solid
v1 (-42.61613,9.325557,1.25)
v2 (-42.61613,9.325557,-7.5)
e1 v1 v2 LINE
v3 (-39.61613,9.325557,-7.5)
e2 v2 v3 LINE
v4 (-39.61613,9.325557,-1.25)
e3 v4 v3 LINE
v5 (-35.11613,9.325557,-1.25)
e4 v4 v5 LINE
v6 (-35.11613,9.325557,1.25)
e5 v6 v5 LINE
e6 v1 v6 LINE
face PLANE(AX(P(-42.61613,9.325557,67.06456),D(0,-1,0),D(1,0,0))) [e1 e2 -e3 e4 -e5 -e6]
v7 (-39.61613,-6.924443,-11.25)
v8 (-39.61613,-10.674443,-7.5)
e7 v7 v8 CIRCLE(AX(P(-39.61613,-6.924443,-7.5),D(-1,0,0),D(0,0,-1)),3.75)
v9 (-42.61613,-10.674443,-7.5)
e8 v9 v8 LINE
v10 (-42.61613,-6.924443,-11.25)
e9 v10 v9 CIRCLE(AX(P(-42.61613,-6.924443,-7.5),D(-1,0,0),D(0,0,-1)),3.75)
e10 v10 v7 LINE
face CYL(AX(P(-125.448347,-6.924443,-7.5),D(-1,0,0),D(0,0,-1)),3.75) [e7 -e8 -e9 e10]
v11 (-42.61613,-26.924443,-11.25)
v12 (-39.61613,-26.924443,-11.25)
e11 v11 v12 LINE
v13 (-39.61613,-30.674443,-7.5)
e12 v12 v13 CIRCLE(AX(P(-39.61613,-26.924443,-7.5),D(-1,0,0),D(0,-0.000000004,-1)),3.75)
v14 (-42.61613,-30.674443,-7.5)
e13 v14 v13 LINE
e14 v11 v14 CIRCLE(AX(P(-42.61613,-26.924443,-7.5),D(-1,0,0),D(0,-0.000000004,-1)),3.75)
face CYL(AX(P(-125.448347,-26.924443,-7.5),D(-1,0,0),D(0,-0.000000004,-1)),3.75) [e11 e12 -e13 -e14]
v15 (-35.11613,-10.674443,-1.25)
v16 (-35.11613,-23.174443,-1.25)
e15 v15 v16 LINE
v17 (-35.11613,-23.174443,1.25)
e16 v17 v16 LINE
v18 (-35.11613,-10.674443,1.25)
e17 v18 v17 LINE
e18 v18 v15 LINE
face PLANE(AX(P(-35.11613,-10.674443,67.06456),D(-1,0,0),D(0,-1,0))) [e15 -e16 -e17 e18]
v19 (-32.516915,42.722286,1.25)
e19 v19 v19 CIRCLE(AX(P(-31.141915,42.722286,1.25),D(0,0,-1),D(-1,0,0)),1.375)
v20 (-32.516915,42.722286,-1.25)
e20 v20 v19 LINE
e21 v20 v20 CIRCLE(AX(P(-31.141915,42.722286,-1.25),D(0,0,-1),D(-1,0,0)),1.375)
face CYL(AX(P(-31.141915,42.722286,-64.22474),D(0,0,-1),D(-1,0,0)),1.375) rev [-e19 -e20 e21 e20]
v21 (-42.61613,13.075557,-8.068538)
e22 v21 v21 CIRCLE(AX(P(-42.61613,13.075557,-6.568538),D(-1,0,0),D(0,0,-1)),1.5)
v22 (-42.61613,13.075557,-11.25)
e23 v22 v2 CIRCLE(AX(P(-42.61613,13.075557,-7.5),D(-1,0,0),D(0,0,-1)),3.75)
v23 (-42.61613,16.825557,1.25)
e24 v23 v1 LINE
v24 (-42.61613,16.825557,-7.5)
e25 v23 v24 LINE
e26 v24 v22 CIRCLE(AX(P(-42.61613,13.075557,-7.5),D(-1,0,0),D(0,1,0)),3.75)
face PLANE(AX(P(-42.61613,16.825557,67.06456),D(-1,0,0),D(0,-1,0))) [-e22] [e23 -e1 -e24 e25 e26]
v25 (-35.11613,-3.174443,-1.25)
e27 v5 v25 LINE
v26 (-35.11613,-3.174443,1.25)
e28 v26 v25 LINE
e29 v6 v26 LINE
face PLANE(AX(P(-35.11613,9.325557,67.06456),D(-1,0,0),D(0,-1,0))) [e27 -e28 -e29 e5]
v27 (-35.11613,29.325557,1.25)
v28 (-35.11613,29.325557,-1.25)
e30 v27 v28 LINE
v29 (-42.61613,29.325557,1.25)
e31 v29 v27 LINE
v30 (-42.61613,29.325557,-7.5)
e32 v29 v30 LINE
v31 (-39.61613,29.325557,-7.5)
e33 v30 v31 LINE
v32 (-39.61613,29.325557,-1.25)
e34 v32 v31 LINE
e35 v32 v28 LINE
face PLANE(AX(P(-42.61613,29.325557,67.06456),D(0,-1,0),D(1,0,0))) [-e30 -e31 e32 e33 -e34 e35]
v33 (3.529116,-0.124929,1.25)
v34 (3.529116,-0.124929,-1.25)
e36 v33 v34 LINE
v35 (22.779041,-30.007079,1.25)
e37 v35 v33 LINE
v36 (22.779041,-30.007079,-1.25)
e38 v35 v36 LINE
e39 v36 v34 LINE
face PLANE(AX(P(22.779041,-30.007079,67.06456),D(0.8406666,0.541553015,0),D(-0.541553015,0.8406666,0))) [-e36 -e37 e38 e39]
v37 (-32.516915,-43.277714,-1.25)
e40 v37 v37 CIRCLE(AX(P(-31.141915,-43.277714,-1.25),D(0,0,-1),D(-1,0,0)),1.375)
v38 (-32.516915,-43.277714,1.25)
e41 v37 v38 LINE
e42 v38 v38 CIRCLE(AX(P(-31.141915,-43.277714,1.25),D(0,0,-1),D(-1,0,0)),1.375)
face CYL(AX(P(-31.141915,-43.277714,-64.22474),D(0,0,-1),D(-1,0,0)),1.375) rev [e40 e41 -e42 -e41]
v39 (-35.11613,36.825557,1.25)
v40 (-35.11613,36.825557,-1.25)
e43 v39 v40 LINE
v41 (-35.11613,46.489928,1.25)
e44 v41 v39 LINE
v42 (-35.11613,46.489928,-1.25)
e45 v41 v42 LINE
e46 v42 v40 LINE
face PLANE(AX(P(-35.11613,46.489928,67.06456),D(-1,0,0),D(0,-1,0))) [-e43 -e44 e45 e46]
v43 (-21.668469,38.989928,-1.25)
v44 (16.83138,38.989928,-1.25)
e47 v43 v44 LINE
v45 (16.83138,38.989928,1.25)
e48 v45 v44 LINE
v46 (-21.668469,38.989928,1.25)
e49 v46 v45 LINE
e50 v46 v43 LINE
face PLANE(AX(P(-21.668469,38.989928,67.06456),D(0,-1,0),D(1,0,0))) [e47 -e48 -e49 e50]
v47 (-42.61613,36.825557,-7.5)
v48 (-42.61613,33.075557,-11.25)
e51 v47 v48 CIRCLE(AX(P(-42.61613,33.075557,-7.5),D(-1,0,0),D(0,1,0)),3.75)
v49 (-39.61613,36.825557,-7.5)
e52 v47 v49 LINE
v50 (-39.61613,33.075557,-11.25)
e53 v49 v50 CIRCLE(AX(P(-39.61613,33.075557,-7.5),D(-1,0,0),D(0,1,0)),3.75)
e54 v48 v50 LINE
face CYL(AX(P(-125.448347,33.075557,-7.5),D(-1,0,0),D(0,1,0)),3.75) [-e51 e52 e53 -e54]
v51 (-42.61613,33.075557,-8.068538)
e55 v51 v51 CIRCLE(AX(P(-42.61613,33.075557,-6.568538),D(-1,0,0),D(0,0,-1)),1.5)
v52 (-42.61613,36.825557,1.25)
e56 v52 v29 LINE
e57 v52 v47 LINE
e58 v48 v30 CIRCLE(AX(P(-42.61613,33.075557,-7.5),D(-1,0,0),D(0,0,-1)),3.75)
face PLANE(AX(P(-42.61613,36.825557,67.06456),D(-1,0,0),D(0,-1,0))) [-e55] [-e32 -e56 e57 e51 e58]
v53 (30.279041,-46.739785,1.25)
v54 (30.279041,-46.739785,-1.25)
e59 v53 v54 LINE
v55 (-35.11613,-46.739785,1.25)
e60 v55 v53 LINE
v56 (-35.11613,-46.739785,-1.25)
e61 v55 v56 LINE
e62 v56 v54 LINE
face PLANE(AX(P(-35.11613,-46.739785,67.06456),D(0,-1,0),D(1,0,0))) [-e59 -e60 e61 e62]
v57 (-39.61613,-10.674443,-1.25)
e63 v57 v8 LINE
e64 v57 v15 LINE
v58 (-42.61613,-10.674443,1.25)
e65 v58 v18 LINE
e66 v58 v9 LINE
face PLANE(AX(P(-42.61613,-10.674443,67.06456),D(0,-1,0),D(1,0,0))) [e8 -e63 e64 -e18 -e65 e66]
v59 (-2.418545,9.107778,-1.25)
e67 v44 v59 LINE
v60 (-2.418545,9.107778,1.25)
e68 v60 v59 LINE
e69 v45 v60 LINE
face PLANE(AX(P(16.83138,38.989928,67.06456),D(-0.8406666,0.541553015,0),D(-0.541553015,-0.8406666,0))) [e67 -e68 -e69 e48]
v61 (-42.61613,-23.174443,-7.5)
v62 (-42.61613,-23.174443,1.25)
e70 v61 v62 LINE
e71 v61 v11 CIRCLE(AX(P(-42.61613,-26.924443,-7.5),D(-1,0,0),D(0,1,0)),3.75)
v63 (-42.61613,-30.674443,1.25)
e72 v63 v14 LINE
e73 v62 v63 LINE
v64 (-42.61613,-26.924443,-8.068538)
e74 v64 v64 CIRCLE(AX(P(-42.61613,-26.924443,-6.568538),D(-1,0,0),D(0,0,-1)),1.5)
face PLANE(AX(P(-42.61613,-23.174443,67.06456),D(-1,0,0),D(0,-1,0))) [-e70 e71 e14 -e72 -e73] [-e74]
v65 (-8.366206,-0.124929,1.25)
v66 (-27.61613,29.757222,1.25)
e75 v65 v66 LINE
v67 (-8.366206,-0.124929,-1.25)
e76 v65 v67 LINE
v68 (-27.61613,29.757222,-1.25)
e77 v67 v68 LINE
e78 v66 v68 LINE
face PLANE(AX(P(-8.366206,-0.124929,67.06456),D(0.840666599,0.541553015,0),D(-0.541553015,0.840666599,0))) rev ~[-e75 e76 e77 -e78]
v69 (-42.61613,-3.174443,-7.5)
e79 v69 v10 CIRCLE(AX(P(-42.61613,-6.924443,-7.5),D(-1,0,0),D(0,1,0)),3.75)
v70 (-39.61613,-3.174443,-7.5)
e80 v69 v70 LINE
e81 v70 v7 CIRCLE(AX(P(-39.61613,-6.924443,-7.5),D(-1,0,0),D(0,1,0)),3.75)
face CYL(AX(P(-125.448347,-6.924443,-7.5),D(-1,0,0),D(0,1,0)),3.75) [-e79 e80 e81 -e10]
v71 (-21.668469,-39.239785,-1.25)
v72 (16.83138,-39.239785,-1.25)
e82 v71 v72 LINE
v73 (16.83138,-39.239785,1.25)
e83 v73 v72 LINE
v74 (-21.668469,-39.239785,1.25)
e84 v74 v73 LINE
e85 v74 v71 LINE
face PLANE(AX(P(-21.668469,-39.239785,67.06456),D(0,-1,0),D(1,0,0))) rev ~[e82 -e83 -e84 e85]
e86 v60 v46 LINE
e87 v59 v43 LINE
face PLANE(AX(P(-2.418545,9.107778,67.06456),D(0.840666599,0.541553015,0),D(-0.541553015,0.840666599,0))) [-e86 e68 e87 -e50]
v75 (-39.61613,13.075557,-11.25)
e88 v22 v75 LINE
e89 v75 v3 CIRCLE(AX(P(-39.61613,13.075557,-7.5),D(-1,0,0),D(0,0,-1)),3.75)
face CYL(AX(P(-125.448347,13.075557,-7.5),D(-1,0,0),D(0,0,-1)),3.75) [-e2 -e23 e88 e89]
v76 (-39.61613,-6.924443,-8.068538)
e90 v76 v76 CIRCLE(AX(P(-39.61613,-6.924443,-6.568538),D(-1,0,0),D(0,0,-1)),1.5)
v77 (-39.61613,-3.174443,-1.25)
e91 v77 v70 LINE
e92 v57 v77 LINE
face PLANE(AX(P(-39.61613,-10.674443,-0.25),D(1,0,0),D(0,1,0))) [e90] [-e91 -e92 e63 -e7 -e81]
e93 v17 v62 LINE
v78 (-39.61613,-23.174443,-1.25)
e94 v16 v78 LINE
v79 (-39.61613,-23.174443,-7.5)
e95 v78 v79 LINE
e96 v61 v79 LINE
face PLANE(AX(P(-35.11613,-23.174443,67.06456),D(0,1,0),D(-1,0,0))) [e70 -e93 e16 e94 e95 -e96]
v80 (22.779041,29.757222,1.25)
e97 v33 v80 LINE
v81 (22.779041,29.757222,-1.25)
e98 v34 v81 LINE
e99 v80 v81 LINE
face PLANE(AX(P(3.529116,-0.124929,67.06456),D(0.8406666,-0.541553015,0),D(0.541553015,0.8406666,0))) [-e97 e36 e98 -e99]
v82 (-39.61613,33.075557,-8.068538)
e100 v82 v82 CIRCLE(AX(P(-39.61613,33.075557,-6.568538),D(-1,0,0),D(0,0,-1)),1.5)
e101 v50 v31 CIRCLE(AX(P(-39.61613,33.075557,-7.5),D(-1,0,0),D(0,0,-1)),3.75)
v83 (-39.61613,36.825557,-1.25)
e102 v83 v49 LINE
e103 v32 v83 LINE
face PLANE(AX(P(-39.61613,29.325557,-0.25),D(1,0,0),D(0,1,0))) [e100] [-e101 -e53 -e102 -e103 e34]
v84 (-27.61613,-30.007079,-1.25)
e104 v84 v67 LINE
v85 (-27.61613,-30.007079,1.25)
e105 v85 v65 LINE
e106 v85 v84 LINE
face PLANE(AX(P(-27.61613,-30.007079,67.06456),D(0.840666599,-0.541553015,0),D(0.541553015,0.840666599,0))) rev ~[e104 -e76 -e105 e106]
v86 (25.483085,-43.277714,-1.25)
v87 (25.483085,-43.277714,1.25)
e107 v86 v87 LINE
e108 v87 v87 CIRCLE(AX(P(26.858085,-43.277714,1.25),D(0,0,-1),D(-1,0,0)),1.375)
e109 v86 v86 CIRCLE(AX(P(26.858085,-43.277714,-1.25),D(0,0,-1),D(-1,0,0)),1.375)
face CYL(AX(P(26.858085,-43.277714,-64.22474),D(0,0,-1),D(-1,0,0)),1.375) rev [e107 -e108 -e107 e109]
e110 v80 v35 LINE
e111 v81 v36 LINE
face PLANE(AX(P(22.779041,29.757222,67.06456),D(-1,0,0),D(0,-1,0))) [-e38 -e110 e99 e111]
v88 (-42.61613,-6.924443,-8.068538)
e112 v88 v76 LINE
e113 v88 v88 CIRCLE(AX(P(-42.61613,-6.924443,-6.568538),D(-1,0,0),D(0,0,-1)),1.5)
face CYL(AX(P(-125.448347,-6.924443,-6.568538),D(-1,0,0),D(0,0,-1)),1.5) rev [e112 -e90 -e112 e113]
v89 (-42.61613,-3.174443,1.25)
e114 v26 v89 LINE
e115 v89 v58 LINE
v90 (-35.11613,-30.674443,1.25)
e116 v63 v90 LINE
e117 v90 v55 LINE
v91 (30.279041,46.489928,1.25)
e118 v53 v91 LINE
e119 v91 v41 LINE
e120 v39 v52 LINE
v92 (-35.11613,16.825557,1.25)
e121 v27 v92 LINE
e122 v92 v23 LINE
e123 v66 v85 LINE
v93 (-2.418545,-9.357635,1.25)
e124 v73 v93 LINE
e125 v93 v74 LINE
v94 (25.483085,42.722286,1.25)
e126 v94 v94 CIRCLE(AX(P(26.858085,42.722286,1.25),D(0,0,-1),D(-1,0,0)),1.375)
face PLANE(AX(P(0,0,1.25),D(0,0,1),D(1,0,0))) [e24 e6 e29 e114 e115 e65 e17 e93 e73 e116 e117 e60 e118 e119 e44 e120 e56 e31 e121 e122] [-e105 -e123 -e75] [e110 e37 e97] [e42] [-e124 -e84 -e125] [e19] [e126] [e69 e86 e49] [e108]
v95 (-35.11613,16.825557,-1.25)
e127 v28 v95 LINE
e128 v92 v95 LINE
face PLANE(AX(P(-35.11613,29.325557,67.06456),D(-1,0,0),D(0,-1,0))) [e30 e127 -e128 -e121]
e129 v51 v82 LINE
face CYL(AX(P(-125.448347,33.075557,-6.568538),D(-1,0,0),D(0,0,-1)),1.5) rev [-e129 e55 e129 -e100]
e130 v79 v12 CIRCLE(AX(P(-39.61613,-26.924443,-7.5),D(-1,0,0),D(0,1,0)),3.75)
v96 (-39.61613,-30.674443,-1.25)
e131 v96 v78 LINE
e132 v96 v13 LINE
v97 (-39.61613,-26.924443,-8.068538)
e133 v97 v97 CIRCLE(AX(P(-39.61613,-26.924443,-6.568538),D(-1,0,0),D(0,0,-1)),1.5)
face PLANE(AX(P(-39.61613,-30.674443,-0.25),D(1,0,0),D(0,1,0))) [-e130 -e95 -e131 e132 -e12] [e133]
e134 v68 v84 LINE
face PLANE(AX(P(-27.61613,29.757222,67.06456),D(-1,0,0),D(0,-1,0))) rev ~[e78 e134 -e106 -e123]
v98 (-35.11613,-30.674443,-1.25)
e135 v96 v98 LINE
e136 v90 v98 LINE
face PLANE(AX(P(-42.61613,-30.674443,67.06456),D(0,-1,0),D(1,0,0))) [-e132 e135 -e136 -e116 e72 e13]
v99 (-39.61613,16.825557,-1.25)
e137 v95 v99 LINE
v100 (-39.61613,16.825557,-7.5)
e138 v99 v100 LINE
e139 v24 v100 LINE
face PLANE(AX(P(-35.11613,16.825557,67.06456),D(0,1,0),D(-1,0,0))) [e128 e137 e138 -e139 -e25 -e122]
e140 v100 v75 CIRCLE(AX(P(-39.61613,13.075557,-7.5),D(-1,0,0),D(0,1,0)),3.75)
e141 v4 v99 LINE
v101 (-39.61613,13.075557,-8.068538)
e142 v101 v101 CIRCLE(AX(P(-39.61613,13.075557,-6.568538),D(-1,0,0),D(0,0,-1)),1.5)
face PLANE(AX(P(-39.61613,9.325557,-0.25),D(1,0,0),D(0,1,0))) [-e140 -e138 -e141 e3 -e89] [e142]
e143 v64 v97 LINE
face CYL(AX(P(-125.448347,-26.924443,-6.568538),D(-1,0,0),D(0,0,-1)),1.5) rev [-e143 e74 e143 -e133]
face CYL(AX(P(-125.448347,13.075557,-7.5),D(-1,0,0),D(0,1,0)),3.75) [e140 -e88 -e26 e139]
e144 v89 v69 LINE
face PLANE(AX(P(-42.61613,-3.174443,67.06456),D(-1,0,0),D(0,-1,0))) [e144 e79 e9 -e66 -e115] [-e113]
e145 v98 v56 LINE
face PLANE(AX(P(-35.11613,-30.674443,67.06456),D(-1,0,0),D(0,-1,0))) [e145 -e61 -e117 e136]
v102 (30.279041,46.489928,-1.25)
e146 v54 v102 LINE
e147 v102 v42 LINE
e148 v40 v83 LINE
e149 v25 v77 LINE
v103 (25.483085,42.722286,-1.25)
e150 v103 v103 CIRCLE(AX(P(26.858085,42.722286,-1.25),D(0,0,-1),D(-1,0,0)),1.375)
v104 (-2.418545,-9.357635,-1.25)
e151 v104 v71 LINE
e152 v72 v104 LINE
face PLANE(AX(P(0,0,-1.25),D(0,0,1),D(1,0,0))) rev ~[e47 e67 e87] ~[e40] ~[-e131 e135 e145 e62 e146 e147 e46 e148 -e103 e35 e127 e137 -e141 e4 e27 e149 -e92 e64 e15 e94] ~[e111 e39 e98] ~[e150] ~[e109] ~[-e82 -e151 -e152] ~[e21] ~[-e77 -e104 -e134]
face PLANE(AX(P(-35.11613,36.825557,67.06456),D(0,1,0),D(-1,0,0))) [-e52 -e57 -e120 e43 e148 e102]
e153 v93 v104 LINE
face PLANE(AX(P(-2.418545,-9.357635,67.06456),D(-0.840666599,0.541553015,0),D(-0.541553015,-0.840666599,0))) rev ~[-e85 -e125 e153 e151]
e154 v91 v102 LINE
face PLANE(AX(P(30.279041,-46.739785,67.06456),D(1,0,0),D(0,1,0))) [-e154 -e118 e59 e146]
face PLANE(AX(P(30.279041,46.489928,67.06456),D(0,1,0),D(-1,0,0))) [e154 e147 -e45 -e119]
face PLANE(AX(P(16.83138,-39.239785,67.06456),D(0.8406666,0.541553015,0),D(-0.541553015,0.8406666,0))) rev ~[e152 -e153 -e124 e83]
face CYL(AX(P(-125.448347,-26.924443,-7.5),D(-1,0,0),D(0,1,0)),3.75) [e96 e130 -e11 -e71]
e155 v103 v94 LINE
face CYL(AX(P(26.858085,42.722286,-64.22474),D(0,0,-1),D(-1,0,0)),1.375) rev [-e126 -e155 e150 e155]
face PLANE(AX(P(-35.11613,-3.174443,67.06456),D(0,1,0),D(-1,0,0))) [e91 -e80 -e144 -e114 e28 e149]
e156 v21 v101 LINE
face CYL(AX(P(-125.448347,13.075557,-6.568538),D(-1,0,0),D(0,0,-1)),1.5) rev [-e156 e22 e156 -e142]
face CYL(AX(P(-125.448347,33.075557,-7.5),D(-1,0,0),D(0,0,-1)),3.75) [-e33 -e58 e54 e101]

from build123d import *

# Parameters (mm, degrees)
SKETCH1_W                = 90
SKETCH1_H                = 100
BOSS_EXTRUDE1_DEPTH      = 1.25
CUT_EXTRUDE2_DEPTH       = 68.314560089
CUT_EXTRUDE2_DEPTH_BACK  = 68.314560089
SKETCH3_W                = 120.524160128
SKETCH3_H                = 121.100830751
SKETCH3_W_2              = 90
SKETCH3_H_2              = 100
BOSS_EXTRUDE2_DEPTH      = 10
BOSS_EXTRUDE2_DEPTH_BACK = 1
SKETCH4_W                = 3
SKETCH4_H                = 7.5
CUT_EXTRUDE4_DEPTH       = 85.83221669
CUT_EXTRUDE4_DEPTH_BACK  = 85.83221669
SKETCH6_R                = 1.5
HOLDER_SCREW_DEPTH       = 65.47473997
HOLDER_SCREW_DEPTH_BACK  = 65.47473997
SKETCH11_R               = 1.375


with BuildPart() as part:
    # Sketch1 → Boss-Extrude1 (new, symmetric)
    with BuildSketch(Plane.XY):
        Rectangle(SKETCH1_W, SKETCH1_H)
    extrude(amount=BOSS_EXTRUDE1_DEPTH, both=True)

    # Sketch3 → Cut-Extrude2 (cut, two sides: drawn at the far end of the back side and taken through both)
    # profile 1 of 6: a face of its own
    with BuildSketch(Plane(origin=(0, 0, -1.25), x_dir=(-1, 0, 0), z_dir=(0, 0, -1)).offset(-CUT_EXTRUDE2_DEPTH_BACK)):
        with Locations((6.594005418, 0.079563665)):
            Rectangle(SKETCH3_W, SKETCH3_H)
        Rectangle(SKETCH3_W_2, SKETCH3_H_2, mode=Mode.SUBTRACT)
    # profile 2 of 6: a face of its own
    with BuildSketch(Plane(origin=(0, 0, -1.25), x_dir=(-1, 0, 0), z_dir=(0, 0, -1)).offset(-CUT_EXTRUDE2_DEPTH_BACK)):
        Rectangle(SKETCH3_W_2, SKETCH3_H_2)
        Polygon((42.616130373, -30.674442955), (35.116130373, -30.674442955), (35.116130373, -33.902086325), (35.116130373, -46.739785261), (-30.279040864, -46.739785261), (-30.279040864, 46.489928229), (35.116130373, 46.489928229), (35.116130373, 36.825557045), (42.616130373, 36.825557045), (42.616130373, 29.325557045), (35.116130373, 29.325557045), (35.116130373, 16.825557045), (42.616130373, 16.825557045), (42.616130373, 9.325557045), (35.116130373, 9.325557045), (35.116130373, -3.174442955), (42.616130373, -3.174442955), (42.616130373, -10.674442955), (35.116130373, -10.674442955), (35.116130373, -23.174442955), (42.616130373, -23.174442955), align=None, mode=Mode.SUBTRACT)
    # profile 3 of 6: a face of its own
    with BuildSketch(Plane(origin=(0, 0, -1.25), x_dir=(-1, 0, 0), z_dir=(0, 0, -1)).offset(-CUT_EXTRUDE2_DEPTH_BACK)):
        Polygon((-16.831379802, 38.989928229), (2.418544754, 9.1077779), (21.668469311, 38.989928229), align=None)
    # profile 4 of 6: a face of its own
    with BuildSketch(Plane(origin=(0, 0, -1.25), x_dir=(-1, 0, 0), z_dir=(0, 0, -1)).offset(-CUT_EXTRUDE2_DEPTH_BACK)):
        Polygon((-22.779040864, 29.757221813), (-22.779040864, -30.007078845), (-3.529116308, -0.124928516), align=None)
    # profile 5 of 6: a face of its own
    with BuildSketch(Plane(origin=(0, 0, -1.25), x_dir=(-1, 0, 0), z_dir=(0, 0, -1)).offset(-CUT_EXTRUDE2_DEPTH_BACK)):
        Polygon((2.418544754, -9.357634932), (21.668469311, -39.239785261), (-16.831379802, -39.239785261), align=None)
    # profile 6 of 6: a face of its own
    with BuildSketch(Plane(origin=(0, 0, -1.25), x_dir=(-1, 0, 0), z_dir=(0, 0, -1)).offset(-CUT_EXTRUDE2_DEPTH_BACK)):
        Polygon((8.366205816, -0.124928516), (27.616130373, 29.757221813), (27.616130373, -30.007078845), align=None)
    extrude(amount=CUT_EXTRUDE2_DEPTH + CUT_EXTRUDE2_DEPTH_BACK, mode=Mode.SUBTRACT)

    # Sketch4 → Boss-Extrude2 (add, two sides: drawn at the far end of the back side and taken through both)
    with BuildSketch(Plane(origin=(0, 0, -1.25), x_dir=(-1, 0, 0), z_dir=(0, 0, -1)).offset(-BOSS_EXTRUDE2_DEPTH_BACK)):
        with Locations((41.116130373, 33.075557045)):
            Rectangle(SKETCH4_W, SKETCH4_H)
        with Locations((41.116130373, 13.075557045)):
            Rectangle(SKETCH4_W, SKETCH4_H)
        with Locations((41.116130373, -6.924442955)):
            Rectangle(SKETCH4_W, SKETCH4_H)
        with Locations((41.116130373, -26.924442955)):
            Rectangle(SKETCH4_W, SKETCH4_H)
    extrude(amount=BOSS_EXTRUDE2_DEPTH + BOSS_EXTRUDE2_DEPTH_BACK)

    # Sketch6 → Cut-Extrude4 (cut, two sides: drawn at the far end of the back side and taken through both)
    with BuildSketch(Plane(origin=(-39.616130373, 0, 0), x_dir=(0, 0, -1), z_dir=(1, 0, 0)).offset(-CUT_EXTRUDE4_DEPTH_BACK)):
        with Locations((6.568537773, 33.075557045)):
            Circle(SKETCH6_R)
        with BuildLine():
            Line((11.25, 33.075557045), (11.25, 36.825557045))
            Line((11.25, 36.825557045), (7.5, 36.825557045))
            ThreePointArc((7.5, 36.825557045), (10.151650429, 35.727207475), (11.25, 33.075557045))
        make_face()
        with BuildLine():
            Line((11.25, 29.325557045), (11.25, 33.075557045))
            ThreePointArc((11.25, 33.075557045), (10.151650429, 30.423906616), (7.5, 29.325557045))
            Line((7.5, 29.325557045), (11.25, 29.325557045))
        make_face()
        with Locations((6.568537773, 13.075557045)):
            Circle(SKETCH6_R)
        with BuildLine():
            Line((11.25, 9.325557045), (11.25, 13.075557045))
            ThreePointArc((11.25, 13.075557045), (10.151650429, 10.423906616), (7.5, 9.325557045))
            Line((7.5, 9.325557045), (11.25, 9.325557045))
        make_face()
        with BuildLine():
            Line((11.25, 13.075557045), (11.25, 16.825557045))
            Line((11.25, 16.825557045), (7.5, 16.825557045))
            ThreePointArc((7.5, 16.825557045), (10.151650429, 15.727207475), (11.25, 13.075557045))
        make_face()
        with BuildLine():
            Line((11.25, -6.924442955), (11.25, -3.174442955))
            Line((11.25, -3.174442955), (7.5, -3.174442955))
            ThreePointArc((7.5, -3.174442955), (10.151650429, -4.272792525), (11.25, -6.924442955))
        make_face()
        with Locations((6.568537773, -6.924442955)):
            Circle(SKETCH6_R)
        with BuildLine():
            Line((11.25, -10.674442955), (11.25, -6.924442955))
            ThreePointArc((11.25, -6.924442955), (10.151650429, -9.576093384), (7.5, -10.674442955))
            Line((7.5, -10.674442955), (11.25, -10.674442955))
        make_face()
        with BuildLine():
            Line((11.25, -30.674442955), (11.25, -26.924442971))
            ThreePointArc((11.25, -26.924442971), (10.151650424, -29.57609339), (7.5, -30.674442955))
            Line((7.5, -30.674442955), (11.25, -30.674442955))
        make_face()
        with Locations((6.568537773, -26.924442955)):
            Circle(SKETCH6_R)
        with BuildLine():
            Line((11.25, -26.924442971), (11.25, -23.174442955))
            Line((11.25, -23.174442955), (7.5, -23.174442955))
            ThreePointArc((7.5, -23.174442955), (10.151650435, -24.272792531), (11.25, -26.924442971))
        make_face()
    extrude(amount=CUT_EXTRUDE4_DEPTH + CUT_EXTRUDE4_DEPTH_BACK, mode=Mode.SUBTRACT)

    # Sketch11 → Holder_Screw (cut, two sides: drawn at the far end of the back side and taken through both)
    with BuildSketch(Plane.XY.offset(1.25).offset(-HOLDER_SCREW_DEPTH_BACK)):
        with Locations(Location((-31.1419152, 42.7222856, 0), (0, 0, 180))):
            Circle(SKETCH11_R)
        with Locations(Location((26.8580848, 42.7222856, 0), (0, 0, 180))):
            Circle(SKETCH11_R)
        with Locations(Location((26.8580848, -43.2777144, 0), (0, 0, 180))):
            Circle(SKETCH11_R)
        with Locations(Location((-31.1419152, -43.2777144, 0), (0, 0, 180))):
            Circle(SKETCH11_R)
    extrude(amount=HOLDER_SCREW_DEPTH + HOLDER_SCREW_DEPTH_BACK, mode=Mode.SUBTRACT)


solid = part.part
